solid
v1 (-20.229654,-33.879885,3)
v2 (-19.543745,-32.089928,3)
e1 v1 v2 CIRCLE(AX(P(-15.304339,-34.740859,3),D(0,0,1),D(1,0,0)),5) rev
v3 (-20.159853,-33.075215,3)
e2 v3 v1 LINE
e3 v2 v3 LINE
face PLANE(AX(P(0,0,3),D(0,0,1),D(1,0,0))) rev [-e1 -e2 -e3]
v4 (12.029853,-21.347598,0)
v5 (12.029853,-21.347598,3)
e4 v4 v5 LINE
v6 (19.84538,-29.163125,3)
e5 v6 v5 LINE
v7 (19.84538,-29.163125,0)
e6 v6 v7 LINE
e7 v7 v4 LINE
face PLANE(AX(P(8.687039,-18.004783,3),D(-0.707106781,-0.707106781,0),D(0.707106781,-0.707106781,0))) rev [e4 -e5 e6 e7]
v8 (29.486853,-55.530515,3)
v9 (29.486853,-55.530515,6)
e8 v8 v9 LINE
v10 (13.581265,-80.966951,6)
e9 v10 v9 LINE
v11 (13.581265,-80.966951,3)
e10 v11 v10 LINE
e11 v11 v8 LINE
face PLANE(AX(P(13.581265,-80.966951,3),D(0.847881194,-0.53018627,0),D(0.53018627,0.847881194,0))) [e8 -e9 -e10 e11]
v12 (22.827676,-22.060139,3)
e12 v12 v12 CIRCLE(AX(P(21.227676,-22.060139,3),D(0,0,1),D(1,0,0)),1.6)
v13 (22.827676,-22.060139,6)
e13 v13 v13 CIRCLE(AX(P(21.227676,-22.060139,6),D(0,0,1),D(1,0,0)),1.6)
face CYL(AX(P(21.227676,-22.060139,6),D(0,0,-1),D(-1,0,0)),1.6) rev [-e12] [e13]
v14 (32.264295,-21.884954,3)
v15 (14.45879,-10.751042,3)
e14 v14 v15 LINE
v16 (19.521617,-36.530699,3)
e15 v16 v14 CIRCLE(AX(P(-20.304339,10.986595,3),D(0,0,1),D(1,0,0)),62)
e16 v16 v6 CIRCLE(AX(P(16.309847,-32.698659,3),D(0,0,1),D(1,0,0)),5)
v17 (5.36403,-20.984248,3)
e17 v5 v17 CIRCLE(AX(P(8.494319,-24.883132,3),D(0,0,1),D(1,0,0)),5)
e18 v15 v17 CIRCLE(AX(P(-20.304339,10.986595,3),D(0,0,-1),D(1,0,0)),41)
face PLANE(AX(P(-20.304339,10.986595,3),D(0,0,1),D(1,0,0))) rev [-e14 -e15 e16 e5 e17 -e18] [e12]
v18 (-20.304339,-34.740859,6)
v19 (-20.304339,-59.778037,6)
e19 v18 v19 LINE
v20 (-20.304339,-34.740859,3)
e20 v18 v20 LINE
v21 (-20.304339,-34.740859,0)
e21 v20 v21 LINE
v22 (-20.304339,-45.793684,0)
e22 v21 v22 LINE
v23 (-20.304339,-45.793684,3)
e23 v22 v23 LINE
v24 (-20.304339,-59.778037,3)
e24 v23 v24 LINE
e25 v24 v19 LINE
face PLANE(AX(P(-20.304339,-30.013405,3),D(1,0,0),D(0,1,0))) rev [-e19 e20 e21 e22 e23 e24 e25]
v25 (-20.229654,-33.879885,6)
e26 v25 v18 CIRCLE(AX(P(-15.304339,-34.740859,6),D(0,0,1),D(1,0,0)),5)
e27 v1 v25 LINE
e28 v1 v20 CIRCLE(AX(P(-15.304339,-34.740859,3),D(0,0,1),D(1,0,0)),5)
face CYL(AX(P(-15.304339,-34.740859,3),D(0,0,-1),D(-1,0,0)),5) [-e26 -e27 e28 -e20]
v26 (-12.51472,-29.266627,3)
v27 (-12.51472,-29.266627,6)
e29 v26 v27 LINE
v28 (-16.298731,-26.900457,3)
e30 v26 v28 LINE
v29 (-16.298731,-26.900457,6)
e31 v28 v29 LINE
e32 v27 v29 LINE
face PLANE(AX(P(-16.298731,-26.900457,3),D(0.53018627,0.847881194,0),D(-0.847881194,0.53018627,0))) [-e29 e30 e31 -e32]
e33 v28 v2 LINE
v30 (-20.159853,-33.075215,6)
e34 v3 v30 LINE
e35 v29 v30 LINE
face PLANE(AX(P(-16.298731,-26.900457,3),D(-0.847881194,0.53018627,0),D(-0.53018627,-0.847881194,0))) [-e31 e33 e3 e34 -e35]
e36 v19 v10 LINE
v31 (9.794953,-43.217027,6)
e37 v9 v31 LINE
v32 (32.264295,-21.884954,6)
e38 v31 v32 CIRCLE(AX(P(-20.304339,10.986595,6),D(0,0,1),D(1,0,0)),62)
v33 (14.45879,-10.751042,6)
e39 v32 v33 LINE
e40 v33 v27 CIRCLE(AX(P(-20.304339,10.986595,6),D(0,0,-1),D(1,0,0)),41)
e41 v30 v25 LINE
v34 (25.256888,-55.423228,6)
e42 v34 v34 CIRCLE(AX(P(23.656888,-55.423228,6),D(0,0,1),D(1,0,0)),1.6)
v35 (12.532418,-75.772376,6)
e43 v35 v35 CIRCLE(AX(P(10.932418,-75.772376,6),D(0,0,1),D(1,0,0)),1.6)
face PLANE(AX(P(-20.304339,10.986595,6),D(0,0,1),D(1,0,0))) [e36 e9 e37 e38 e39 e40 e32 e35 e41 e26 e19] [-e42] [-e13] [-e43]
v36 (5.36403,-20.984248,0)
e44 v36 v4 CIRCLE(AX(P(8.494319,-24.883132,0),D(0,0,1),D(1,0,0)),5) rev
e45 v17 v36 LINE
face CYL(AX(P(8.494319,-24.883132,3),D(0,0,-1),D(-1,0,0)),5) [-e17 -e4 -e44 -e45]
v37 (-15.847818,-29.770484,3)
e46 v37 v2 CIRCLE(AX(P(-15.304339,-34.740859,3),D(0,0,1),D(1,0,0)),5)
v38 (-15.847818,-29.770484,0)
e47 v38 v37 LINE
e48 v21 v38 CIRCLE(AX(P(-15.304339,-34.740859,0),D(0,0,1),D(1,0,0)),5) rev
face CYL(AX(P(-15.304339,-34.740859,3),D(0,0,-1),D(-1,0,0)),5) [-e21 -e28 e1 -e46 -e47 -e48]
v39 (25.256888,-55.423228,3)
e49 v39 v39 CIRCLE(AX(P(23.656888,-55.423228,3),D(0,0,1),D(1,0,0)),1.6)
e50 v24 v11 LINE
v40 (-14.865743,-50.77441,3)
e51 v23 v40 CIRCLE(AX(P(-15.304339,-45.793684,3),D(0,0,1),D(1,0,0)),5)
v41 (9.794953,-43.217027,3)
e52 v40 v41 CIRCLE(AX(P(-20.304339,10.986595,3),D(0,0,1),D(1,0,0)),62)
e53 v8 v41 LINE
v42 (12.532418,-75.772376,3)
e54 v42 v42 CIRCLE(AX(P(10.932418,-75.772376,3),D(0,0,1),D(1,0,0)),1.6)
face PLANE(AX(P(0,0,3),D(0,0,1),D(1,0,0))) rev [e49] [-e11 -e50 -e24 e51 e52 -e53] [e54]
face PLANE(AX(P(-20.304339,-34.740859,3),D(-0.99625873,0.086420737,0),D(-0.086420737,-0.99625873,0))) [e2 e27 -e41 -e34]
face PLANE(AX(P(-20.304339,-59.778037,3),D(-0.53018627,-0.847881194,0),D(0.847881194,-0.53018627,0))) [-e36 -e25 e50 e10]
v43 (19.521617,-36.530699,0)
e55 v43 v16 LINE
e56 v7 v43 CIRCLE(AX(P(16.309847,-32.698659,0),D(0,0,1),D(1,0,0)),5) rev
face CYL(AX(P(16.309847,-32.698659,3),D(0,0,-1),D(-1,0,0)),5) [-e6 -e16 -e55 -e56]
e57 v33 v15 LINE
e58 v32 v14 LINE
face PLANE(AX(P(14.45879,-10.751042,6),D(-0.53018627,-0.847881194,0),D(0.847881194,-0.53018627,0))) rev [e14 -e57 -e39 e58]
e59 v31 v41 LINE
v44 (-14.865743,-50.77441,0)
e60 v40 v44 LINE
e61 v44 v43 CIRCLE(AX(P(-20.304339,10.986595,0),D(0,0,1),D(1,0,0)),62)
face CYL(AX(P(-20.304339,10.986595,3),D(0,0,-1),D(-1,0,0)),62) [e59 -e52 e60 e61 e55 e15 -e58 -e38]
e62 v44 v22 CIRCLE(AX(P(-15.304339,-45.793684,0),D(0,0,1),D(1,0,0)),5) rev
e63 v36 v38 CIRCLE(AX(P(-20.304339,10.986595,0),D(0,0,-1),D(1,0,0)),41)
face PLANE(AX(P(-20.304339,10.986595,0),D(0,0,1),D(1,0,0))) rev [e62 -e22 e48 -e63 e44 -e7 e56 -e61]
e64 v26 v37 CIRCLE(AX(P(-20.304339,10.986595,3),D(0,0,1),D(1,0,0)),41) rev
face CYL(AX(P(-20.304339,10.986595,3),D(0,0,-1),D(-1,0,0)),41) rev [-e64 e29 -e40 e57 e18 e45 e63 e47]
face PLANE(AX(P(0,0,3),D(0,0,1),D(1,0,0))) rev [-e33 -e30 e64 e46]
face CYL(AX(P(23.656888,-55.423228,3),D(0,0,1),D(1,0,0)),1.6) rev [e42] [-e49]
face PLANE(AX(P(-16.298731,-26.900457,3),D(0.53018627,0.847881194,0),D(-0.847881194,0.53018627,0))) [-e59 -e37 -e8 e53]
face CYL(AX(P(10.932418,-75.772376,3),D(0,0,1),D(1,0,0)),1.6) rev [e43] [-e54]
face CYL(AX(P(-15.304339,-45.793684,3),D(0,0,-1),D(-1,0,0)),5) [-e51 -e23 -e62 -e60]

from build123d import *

# Parameters (mm, degrees)
EXTRUDE_1_DEPTH = 3
FILLET_1_R      = 5
SKETCH_2_R      = 1.6000000000000019
EXTRUDE_2_DEPTH = 3
FILLET_2_R      = 5
SKETCH_3_R      = 1.6000000000000008
SKETCH_3_R_2    = 1.6000000000000012
EXTRUDE_3_DEPTH = 3


with BuildPart() as part:
    # 草图1 → 凸台-拉伸1 (new body)
    with BuildSketch(Plane.XY):
        with BuildLine():
            Line((-20.304339314515776, -30.013405439405844), (-20.304339314515772, -51.013405439405844))
            ThreePointArc((-20.304339314515772, -51.013405439405844), (3.4220334921198514, -46.293936455105595), (23.536281119050262, -32.854025872971704))
            Line((23.536281119050262, -32.854025872971704), (8.687038714132733, -18.00478346805423))
            ThreePointArc((8.687038714132733, -18.00478346805423), (-4.614318587547064, -26.892466272368587), (-20.304339314515776, -30.013405439405844))
        make_face()
    extrude(amount=EXTRUDE_1_DEPTH)

    # 圆角1
    fillet_1_edges = [part.edges().sort_by_distance(p)[0] for p in [
        (8.687038714132733, -18.004783468054235, 1.5),
        (23.53628111905026, -32.854025872971704, 1.5),
        (-20.304339314515772, -51.013405439405844, 1.5),
        (-20.304339314515772, -30.013405439405844, 1.5),
    ]]
    fillet(fillet_1_edges, radius=FILLET_1_R)

    # 草图2 → 凸台-拉伸2 (add)
    with BuildSketch(Plane.XY.offset(3)):
        with BuildLine():
            Line((-20.30433931451578, -30.013405439405844), (-20.30433931451578, -51.013405439405865))
            ThreePointArc((-20.30433931451578, -51.013405439405865), (9.745319415064024, -43.24455894212779), (32.26429472639552, -21.884954156689382))
            Line((32.26429472639552, -21.884954156689382), (14.45878964802233, -10.751042494383663))
            ThreePointArc((14.45878964802233, -10.751042494383663), (-0.43279079979365775, -24.87594243314131), (-20.30433931451578, -30.013405439405844))
        make_face()
        with Locations((21.227676100740037, -22.06013948042292)):
            Circle(SKETCH_2_R, mode=Mode.SUBTRACT)
    extrude(amount=EXTRUDE_2_DEPTH)

    # 圆角2
    fillet_2_edges = [part.edges().sort_by_distance(p)[0] for p in [
        (-20.30433931451578, -30.013405439405844, 4.5),
        (-20.30433931451578, -51.01340543940586, 4.5),
    ]]
    fillet(fillet_2_edges, radius=FILLET_2_R)

    # 草图3 → 凸台-拉伸3 (add)
    with BuildSketch(Plane.XY.offset(6)):
        Polygon((-16.298731474091507, -26.90045671258201), (29.48685301315381, -55.53051527279668), (13.581264924145668, -80.96695109904408), (-20.30433931451578, -59.778036628128184), (-20.30433931451578, -34.74085890010055), (-20.159852559425826, -33.075214801052134), align=None)
        with Locations((-13.649884311951084, -32.09503164337476)):
            Circle(SKETCH_3_R, mode=Mode.SUBTRACT)
        with Locations((23.656888233211756, -55.42322750725339)):
            Circle(SKETCH_3_R, mode=Mode.SUBTRACT)
        with Locations((10.932417762005228, -75.7723761682513)):
            Circle(SKETCH_3_R_2, mode=Mode.SUBTRACT)
    extrude(amount=-EXTRUDE_3_DEPTH)


solid = part.part
